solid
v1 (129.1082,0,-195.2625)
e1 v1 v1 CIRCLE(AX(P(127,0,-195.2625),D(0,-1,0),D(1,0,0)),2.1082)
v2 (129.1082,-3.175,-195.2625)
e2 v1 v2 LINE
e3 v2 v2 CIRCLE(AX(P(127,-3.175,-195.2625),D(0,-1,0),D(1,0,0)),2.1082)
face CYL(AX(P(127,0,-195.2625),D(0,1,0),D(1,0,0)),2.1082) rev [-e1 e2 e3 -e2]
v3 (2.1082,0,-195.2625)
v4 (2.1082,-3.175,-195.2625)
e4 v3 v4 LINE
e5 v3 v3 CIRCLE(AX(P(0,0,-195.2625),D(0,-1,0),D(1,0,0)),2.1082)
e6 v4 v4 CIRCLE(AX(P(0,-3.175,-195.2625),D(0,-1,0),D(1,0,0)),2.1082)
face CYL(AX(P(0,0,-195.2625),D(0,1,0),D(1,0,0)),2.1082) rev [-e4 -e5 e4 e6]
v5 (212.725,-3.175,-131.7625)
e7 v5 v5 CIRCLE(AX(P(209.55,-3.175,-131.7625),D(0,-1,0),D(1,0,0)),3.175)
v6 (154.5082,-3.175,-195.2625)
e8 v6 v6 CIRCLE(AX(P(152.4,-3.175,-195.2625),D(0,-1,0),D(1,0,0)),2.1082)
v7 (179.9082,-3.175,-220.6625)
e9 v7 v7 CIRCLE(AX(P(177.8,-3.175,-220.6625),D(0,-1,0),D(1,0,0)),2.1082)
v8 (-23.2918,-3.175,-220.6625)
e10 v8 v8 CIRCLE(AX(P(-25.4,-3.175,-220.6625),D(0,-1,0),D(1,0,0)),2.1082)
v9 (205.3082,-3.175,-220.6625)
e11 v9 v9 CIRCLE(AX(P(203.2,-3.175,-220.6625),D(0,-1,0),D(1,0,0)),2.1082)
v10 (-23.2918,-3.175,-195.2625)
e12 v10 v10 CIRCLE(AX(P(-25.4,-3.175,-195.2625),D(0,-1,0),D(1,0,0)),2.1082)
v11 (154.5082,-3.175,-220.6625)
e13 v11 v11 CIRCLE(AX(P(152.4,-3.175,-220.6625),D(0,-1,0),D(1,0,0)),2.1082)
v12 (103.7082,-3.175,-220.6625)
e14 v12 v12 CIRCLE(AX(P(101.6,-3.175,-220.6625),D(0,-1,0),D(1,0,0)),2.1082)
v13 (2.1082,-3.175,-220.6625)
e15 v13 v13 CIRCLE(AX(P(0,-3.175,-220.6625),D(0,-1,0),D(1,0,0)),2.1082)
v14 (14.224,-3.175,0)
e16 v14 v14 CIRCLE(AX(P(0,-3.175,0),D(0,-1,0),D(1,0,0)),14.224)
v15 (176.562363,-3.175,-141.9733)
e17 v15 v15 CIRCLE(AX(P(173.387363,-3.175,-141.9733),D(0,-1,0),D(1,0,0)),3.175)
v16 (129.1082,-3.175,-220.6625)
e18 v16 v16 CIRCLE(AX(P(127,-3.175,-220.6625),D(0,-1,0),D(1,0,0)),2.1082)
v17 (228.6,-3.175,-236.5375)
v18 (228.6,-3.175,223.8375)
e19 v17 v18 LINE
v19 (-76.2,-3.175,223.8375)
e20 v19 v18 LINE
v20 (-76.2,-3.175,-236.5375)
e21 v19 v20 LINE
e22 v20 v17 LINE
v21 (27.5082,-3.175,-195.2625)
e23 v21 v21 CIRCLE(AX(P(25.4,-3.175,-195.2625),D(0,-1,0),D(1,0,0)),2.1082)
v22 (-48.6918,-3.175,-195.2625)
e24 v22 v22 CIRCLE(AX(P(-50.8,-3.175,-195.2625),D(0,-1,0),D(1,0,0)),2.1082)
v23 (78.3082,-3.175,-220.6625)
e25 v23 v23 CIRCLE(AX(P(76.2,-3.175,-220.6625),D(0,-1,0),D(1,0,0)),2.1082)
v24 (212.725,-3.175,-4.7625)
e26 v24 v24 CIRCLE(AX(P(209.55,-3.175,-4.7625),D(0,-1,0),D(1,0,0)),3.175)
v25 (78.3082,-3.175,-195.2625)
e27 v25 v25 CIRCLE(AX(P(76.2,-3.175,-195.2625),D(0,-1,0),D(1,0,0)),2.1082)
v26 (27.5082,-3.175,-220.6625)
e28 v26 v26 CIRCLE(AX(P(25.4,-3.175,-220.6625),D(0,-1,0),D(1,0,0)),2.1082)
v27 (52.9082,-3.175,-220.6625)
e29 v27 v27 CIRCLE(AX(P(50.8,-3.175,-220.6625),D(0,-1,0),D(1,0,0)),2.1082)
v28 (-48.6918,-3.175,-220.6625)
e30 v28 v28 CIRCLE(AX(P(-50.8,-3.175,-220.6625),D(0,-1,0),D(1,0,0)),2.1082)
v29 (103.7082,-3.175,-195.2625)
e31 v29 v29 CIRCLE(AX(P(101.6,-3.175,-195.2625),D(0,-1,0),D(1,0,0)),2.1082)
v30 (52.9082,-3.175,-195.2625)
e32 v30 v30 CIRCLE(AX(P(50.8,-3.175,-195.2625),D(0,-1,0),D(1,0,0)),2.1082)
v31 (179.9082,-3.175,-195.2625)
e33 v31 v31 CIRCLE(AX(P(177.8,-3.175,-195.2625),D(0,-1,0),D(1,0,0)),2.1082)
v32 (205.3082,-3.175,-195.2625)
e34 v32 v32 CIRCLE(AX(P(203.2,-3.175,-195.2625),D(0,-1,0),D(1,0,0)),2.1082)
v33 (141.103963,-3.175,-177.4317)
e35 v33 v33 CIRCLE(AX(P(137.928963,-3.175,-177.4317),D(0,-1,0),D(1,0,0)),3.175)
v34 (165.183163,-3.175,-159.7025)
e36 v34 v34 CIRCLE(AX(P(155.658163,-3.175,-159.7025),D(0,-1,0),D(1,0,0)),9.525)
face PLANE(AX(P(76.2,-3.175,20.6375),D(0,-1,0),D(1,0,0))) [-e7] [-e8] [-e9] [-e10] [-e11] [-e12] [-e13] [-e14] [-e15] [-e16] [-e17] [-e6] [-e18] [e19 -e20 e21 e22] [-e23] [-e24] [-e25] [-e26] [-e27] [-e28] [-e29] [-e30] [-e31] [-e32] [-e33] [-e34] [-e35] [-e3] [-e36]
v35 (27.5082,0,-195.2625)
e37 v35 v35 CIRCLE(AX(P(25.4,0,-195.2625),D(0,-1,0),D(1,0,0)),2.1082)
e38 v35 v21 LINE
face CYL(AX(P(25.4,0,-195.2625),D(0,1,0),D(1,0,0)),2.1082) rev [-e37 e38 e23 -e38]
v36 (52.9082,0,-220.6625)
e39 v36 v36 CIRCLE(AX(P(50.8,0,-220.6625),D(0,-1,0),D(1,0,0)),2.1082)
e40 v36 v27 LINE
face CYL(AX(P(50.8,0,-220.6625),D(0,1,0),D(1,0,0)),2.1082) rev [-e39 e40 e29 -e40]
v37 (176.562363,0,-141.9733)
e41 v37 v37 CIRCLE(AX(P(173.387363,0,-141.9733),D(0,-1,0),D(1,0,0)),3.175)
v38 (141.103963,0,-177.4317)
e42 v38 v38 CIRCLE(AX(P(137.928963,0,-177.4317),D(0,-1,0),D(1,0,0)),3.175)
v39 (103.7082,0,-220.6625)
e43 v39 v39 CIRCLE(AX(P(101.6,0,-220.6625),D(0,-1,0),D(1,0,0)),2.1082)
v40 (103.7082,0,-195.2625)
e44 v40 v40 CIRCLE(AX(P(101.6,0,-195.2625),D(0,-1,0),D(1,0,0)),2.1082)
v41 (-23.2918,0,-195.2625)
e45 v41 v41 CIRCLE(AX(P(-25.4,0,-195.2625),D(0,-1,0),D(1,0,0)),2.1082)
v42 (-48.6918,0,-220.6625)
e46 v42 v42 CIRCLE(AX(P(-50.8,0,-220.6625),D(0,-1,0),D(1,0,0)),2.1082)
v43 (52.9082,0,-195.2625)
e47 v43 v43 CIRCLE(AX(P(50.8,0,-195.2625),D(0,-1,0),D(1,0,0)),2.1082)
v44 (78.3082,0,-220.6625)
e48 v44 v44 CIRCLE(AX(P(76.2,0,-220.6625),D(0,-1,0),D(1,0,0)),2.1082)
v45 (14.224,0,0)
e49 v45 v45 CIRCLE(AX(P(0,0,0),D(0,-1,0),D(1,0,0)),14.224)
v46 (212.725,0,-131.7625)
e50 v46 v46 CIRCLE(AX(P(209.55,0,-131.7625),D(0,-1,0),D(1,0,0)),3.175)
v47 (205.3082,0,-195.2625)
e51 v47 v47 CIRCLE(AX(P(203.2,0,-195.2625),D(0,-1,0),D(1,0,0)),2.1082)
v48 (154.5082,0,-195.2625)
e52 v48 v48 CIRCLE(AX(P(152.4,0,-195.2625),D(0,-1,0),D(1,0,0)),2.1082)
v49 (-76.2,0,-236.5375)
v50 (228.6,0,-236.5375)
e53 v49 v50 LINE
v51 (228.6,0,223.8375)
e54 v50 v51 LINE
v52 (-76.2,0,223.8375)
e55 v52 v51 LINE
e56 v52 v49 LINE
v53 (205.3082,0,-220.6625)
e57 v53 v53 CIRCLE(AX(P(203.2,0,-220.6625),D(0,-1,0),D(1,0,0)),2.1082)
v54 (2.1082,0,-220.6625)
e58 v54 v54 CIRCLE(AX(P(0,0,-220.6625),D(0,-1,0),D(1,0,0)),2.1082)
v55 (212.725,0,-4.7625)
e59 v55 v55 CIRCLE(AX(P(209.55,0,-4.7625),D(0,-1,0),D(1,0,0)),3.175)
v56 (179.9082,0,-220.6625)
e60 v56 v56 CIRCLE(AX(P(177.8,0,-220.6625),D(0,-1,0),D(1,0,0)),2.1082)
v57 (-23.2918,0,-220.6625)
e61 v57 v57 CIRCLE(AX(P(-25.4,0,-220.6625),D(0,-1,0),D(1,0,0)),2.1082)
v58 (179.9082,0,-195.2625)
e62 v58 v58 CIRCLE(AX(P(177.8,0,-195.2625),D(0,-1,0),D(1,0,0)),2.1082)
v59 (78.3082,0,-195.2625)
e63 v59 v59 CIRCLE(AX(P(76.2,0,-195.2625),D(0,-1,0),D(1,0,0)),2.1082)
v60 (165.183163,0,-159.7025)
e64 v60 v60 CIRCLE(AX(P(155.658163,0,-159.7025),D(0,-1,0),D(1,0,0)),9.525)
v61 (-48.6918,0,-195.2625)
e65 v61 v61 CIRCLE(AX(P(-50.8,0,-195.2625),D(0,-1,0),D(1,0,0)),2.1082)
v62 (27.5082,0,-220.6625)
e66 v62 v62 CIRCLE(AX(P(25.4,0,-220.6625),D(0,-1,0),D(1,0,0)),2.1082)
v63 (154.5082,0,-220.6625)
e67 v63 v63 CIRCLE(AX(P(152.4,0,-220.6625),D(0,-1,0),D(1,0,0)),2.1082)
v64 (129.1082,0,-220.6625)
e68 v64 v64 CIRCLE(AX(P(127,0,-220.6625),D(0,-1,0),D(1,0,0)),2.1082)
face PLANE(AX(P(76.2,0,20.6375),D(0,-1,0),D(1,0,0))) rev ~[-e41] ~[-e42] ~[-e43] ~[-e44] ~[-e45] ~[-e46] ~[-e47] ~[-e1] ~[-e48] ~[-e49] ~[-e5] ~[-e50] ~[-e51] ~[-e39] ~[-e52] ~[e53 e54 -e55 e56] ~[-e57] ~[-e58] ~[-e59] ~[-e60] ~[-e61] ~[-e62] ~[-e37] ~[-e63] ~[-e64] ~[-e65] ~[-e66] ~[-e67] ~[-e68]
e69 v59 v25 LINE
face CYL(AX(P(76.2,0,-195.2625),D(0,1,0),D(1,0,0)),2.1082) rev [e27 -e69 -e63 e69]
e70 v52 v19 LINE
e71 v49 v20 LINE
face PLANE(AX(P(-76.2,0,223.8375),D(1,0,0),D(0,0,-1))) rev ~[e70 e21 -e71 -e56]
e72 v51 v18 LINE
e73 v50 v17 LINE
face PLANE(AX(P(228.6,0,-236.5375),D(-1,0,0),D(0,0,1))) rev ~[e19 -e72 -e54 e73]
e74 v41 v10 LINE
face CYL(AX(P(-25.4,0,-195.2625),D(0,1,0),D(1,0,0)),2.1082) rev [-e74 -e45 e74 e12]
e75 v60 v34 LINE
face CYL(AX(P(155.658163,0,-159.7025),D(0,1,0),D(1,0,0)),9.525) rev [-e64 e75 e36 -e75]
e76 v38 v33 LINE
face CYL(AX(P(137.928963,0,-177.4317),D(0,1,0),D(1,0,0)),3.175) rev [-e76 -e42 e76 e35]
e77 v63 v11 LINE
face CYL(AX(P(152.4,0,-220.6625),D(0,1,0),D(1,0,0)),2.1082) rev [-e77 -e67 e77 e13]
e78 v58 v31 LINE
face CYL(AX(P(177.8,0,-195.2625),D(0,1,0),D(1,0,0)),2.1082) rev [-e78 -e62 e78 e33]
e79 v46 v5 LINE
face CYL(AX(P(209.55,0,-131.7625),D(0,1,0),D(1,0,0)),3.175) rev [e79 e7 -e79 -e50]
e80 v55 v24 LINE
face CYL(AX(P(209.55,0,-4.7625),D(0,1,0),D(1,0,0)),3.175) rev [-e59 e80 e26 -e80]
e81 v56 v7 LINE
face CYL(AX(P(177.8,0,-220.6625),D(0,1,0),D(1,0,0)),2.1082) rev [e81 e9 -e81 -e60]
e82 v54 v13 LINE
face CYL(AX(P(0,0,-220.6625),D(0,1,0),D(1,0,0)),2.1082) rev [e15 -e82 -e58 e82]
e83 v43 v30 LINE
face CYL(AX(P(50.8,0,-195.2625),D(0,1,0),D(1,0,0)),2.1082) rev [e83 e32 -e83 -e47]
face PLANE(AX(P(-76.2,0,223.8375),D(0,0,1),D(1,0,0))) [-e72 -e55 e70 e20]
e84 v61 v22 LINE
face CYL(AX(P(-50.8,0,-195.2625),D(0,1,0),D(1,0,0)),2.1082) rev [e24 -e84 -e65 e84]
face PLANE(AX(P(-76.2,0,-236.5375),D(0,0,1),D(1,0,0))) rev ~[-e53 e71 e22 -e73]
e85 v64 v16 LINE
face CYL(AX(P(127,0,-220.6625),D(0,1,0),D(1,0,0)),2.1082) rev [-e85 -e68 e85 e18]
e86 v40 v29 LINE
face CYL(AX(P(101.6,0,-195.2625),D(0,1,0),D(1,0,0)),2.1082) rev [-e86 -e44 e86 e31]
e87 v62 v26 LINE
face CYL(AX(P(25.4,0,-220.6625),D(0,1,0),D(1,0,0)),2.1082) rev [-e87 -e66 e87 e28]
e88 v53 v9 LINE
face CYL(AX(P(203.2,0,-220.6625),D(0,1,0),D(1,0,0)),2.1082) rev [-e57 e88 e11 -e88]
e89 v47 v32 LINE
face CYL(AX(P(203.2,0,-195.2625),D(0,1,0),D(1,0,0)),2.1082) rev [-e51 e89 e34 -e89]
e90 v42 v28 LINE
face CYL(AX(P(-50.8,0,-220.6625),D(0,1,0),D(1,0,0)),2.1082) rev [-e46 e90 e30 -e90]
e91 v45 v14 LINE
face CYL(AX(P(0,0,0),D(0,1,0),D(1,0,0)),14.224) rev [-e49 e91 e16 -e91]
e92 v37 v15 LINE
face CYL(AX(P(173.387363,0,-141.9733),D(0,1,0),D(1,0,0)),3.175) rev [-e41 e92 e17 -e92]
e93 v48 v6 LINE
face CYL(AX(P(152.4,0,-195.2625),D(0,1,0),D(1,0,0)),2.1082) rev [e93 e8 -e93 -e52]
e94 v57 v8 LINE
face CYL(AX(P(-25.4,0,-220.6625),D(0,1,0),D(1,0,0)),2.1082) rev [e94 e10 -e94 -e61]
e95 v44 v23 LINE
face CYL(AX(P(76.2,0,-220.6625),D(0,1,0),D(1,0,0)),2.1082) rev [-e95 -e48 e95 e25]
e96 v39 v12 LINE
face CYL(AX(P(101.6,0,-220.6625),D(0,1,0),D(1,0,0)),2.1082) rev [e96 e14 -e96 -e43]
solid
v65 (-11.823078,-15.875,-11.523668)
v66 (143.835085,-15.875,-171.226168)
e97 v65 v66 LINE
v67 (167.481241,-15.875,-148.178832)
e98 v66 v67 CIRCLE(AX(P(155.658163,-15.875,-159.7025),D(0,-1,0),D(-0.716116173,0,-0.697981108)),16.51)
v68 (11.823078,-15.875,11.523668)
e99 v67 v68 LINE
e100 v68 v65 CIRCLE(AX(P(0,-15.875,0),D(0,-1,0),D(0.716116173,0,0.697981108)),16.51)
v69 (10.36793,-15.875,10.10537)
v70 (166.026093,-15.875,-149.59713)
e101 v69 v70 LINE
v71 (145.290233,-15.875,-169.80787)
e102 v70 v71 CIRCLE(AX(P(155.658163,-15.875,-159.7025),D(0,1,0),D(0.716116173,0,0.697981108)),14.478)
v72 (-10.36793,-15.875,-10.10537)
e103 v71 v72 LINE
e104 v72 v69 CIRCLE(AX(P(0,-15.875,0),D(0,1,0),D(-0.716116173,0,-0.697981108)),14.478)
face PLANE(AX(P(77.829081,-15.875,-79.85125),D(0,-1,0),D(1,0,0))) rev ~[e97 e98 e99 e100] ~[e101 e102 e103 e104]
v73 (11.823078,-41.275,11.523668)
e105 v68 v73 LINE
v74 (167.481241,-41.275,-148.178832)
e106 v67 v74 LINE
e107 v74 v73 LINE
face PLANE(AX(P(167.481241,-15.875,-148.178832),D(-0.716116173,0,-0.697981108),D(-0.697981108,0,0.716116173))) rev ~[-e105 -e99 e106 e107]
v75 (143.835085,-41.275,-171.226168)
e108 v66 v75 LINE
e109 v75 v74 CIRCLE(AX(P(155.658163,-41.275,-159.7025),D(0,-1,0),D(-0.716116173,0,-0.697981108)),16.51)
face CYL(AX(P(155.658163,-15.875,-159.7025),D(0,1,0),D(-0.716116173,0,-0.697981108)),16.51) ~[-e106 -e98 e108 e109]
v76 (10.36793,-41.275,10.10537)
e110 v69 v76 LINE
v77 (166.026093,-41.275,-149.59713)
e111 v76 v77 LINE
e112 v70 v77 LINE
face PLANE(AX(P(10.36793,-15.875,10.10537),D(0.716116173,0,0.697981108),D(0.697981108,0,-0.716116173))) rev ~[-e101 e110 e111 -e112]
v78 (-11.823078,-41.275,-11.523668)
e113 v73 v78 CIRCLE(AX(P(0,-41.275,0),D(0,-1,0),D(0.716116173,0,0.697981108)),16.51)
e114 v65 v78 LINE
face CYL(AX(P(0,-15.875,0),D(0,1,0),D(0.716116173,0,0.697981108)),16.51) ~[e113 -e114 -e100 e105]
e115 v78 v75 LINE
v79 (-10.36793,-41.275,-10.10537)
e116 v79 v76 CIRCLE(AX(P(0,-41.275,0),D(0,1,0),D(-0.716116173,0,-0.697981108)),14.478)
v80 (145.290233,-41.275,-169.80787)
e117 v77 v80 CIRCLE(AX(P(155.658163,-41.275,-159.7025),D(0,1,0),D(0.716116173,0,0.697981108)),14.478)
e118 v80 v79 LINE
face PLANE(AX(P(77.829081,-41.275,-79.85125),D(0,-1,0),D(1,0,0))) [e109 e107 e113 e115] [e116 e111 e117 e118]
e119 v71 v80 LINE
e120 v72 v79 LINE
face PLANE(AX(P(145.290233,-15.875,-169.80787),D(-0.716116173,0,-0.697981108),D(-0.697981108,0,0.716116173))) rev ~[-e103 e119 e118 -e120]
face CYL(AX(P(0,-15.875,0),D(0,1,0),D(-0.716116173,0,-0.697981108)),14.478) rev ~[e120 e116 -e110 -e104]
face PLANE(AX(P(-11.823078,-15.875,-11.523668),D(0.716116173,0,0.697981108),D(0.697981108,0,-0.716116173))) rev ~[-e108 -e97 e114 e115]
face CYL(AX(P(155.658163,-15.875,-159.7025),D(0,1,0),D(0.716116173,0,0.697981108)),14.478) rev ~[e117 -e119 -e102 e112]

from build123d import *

# Parameters (mm, degrees)
F1_W     = 304.8
F1_H     = 406.4
F1_R     = 3.175
F1_R_2   = 9.525
F1_R_3   = 14.224
F1_H_2   = 53.975
F1_R_4   = 2.1082
F2_DEPTH = 3.175
F5_DEPTH = 25.4


with BuildPart() as f2:
    # F1 (on Front) → F2 (new body)
    with BuildSketch(Plane.XZ):
        with Locations((76.2, 20.6375)):
            Rectangle(F1_W, F1_H)
        with Locations((137.9289627726, -177.4317)):
            Circle(F1_R, mode=Mode.SUBTRACT)
        with Locations((155.6581627726, -159.7025)):
            Circle(F1_R_2, mode=Mode.SUBTRACT)
        with Locations((173.3873627726, -141.9733)):
            Circle(F1_R, mode=Mode.SUBTRACT)
        with Locations((209.55, -131.7625)):
            Circle(F1_R, mode=Mode.SUBTRACT)
        Circle(F1_R_3, mode=Mode.SUBTRACT)
        with Locations((209.55, -4.7625)):
            Circle(F1_R, mode=Mode.SUBTRACT)
        with Locations((76.2, -209.55)):
            Rectangle(F1_W, F1_H_2)
        with Locations((-50.8, -220.6625)):
            Circle(F1_R_4, mode=Mode.SUBTRACT)
        with Locations((-50.8, -195.2625)):
            Circle(F1_R_4, mode=Mode.SUBTRACT)
        with Locations((-25.4, -220.6625)):
            Circle(F1_R_4, mode=Mode.SUBTRACT)
        with Locations((-25.4, -195.2625)):
            Circle(F1_R_4, mode=Mode.SUBTRACT)
        with Locations((0, -220.6625)):
            Circle(F1_R_4, mode=Mode.SUBTRACT)
        with Locations((25.4, -220.6625)):
            Circle(F1_R_4, mode=Mode.SUBTRACT)
        with Locations((0, -195.2625)):
            Circle(F1_R_4, mode=Mode.SUBTRACT)
        with Locations((25.4, -195.2625)):
            Circle(F1_R_4, mode=Mode.SUBTRACT)
        with Locations((50.8, -220.6625)):
            Circle(F1_R_4, mode=Mode.SUBTRACT)
        with Locations((50.8, -195.2625)):
            Circle(F1_R_4, mode=Mode.SUBTRACT)
        with Locations((76.2, -220.6625)):
            Circle(F1_R_4, mode=Mode.SUBTRACT)
        with Locations((101.6, -220.6625)):
            Circle(F1_R_4, mode=Mode.SUBTRACT)
        with Locations((76.2, -195.2625)):
            Circle(F1_R_4, mode=Mode.SUBTRACT)
        with Locations((101.6, -195.2625)):
            Circle(F1_R_4, mode=Mode.SUBTRACT)
        with Locations((127, -220.6625)):
            Circle(F1_R_4, mode=Mode.SUBTRACT)
        with Locations((127, -195.2625)):
            Circle(F1_R_4, mode=Mode.SUBTRACT)
        with Locations((152.4, -220.6625)):
            Circle(F1_R_4, mode=Mode.SUBTRACT)
        with Locations((177.8, -220.6625)):
            Circle(F1_R_4, mode=Mode.SUBTRACT)
        with Locations((152.4, -195.2625)):
            Circle(F1_R_4, mode=Mode.SUBTRACT)
        with Locations((177.8, -195.2625)):
            Circle(F1_R_4, mode=Mode.SUBTRACT)
        with Locations((203.2, -220.6625)):
            Circle(F1_R_4, mode=Mode.SUBTRACT)
        with Locations((203.2, -195.2625)):
            Circle(F1_R_4, mode=Mode.SUBTRACT)
    extrude(amount=F2_DEPTH)


with BuildPart() as f5:
    # F4 (on offset) → F5 (new body)
    with BuildSketch(Plane.XZ.offset(15.875)):
        with BuildLine():
            Line((-11.8230780182, -11.5236680868), (143.8350847544, -171.2261680868))
            ThreePointArc((143.8350847544, -171.2261680868), (167.1818308594, -171.5255780182), (167.4812407909, -148.1788319132))
            Line((167.4812407909, -148.1788319132), (11.8230780182, 11.5236680868))
            ThreePointArc((11.8230780182, 11.5236680868), (-11.5236680868, 11.8230780182), (-11.8230780182, -11.5236680868))
        make_face()
        with BuildLine():
            Line((10.3679299544, 10.1053704761), (166.0260927271, -149.5971295239))
            ThreePointArc((166.0260927271, -149.5971295239), (165.7635332488, -170.0704299544), (145.2902328182, -169.8078704761))
            Line((145.2902328182, -169.8078704761), (-10.3679299544, -10.1053704761))
            ThreePointArc((-10.3679299544, -10.1053704761), (-10.1053704761, 10.3679299544), (10.3679299544, 10.1053704761))
        make_face(mode=Mode.SUBTRACT)
    extrude(amount=F5_DEPTH)


solid = Compound([f2.part, f5.part])
